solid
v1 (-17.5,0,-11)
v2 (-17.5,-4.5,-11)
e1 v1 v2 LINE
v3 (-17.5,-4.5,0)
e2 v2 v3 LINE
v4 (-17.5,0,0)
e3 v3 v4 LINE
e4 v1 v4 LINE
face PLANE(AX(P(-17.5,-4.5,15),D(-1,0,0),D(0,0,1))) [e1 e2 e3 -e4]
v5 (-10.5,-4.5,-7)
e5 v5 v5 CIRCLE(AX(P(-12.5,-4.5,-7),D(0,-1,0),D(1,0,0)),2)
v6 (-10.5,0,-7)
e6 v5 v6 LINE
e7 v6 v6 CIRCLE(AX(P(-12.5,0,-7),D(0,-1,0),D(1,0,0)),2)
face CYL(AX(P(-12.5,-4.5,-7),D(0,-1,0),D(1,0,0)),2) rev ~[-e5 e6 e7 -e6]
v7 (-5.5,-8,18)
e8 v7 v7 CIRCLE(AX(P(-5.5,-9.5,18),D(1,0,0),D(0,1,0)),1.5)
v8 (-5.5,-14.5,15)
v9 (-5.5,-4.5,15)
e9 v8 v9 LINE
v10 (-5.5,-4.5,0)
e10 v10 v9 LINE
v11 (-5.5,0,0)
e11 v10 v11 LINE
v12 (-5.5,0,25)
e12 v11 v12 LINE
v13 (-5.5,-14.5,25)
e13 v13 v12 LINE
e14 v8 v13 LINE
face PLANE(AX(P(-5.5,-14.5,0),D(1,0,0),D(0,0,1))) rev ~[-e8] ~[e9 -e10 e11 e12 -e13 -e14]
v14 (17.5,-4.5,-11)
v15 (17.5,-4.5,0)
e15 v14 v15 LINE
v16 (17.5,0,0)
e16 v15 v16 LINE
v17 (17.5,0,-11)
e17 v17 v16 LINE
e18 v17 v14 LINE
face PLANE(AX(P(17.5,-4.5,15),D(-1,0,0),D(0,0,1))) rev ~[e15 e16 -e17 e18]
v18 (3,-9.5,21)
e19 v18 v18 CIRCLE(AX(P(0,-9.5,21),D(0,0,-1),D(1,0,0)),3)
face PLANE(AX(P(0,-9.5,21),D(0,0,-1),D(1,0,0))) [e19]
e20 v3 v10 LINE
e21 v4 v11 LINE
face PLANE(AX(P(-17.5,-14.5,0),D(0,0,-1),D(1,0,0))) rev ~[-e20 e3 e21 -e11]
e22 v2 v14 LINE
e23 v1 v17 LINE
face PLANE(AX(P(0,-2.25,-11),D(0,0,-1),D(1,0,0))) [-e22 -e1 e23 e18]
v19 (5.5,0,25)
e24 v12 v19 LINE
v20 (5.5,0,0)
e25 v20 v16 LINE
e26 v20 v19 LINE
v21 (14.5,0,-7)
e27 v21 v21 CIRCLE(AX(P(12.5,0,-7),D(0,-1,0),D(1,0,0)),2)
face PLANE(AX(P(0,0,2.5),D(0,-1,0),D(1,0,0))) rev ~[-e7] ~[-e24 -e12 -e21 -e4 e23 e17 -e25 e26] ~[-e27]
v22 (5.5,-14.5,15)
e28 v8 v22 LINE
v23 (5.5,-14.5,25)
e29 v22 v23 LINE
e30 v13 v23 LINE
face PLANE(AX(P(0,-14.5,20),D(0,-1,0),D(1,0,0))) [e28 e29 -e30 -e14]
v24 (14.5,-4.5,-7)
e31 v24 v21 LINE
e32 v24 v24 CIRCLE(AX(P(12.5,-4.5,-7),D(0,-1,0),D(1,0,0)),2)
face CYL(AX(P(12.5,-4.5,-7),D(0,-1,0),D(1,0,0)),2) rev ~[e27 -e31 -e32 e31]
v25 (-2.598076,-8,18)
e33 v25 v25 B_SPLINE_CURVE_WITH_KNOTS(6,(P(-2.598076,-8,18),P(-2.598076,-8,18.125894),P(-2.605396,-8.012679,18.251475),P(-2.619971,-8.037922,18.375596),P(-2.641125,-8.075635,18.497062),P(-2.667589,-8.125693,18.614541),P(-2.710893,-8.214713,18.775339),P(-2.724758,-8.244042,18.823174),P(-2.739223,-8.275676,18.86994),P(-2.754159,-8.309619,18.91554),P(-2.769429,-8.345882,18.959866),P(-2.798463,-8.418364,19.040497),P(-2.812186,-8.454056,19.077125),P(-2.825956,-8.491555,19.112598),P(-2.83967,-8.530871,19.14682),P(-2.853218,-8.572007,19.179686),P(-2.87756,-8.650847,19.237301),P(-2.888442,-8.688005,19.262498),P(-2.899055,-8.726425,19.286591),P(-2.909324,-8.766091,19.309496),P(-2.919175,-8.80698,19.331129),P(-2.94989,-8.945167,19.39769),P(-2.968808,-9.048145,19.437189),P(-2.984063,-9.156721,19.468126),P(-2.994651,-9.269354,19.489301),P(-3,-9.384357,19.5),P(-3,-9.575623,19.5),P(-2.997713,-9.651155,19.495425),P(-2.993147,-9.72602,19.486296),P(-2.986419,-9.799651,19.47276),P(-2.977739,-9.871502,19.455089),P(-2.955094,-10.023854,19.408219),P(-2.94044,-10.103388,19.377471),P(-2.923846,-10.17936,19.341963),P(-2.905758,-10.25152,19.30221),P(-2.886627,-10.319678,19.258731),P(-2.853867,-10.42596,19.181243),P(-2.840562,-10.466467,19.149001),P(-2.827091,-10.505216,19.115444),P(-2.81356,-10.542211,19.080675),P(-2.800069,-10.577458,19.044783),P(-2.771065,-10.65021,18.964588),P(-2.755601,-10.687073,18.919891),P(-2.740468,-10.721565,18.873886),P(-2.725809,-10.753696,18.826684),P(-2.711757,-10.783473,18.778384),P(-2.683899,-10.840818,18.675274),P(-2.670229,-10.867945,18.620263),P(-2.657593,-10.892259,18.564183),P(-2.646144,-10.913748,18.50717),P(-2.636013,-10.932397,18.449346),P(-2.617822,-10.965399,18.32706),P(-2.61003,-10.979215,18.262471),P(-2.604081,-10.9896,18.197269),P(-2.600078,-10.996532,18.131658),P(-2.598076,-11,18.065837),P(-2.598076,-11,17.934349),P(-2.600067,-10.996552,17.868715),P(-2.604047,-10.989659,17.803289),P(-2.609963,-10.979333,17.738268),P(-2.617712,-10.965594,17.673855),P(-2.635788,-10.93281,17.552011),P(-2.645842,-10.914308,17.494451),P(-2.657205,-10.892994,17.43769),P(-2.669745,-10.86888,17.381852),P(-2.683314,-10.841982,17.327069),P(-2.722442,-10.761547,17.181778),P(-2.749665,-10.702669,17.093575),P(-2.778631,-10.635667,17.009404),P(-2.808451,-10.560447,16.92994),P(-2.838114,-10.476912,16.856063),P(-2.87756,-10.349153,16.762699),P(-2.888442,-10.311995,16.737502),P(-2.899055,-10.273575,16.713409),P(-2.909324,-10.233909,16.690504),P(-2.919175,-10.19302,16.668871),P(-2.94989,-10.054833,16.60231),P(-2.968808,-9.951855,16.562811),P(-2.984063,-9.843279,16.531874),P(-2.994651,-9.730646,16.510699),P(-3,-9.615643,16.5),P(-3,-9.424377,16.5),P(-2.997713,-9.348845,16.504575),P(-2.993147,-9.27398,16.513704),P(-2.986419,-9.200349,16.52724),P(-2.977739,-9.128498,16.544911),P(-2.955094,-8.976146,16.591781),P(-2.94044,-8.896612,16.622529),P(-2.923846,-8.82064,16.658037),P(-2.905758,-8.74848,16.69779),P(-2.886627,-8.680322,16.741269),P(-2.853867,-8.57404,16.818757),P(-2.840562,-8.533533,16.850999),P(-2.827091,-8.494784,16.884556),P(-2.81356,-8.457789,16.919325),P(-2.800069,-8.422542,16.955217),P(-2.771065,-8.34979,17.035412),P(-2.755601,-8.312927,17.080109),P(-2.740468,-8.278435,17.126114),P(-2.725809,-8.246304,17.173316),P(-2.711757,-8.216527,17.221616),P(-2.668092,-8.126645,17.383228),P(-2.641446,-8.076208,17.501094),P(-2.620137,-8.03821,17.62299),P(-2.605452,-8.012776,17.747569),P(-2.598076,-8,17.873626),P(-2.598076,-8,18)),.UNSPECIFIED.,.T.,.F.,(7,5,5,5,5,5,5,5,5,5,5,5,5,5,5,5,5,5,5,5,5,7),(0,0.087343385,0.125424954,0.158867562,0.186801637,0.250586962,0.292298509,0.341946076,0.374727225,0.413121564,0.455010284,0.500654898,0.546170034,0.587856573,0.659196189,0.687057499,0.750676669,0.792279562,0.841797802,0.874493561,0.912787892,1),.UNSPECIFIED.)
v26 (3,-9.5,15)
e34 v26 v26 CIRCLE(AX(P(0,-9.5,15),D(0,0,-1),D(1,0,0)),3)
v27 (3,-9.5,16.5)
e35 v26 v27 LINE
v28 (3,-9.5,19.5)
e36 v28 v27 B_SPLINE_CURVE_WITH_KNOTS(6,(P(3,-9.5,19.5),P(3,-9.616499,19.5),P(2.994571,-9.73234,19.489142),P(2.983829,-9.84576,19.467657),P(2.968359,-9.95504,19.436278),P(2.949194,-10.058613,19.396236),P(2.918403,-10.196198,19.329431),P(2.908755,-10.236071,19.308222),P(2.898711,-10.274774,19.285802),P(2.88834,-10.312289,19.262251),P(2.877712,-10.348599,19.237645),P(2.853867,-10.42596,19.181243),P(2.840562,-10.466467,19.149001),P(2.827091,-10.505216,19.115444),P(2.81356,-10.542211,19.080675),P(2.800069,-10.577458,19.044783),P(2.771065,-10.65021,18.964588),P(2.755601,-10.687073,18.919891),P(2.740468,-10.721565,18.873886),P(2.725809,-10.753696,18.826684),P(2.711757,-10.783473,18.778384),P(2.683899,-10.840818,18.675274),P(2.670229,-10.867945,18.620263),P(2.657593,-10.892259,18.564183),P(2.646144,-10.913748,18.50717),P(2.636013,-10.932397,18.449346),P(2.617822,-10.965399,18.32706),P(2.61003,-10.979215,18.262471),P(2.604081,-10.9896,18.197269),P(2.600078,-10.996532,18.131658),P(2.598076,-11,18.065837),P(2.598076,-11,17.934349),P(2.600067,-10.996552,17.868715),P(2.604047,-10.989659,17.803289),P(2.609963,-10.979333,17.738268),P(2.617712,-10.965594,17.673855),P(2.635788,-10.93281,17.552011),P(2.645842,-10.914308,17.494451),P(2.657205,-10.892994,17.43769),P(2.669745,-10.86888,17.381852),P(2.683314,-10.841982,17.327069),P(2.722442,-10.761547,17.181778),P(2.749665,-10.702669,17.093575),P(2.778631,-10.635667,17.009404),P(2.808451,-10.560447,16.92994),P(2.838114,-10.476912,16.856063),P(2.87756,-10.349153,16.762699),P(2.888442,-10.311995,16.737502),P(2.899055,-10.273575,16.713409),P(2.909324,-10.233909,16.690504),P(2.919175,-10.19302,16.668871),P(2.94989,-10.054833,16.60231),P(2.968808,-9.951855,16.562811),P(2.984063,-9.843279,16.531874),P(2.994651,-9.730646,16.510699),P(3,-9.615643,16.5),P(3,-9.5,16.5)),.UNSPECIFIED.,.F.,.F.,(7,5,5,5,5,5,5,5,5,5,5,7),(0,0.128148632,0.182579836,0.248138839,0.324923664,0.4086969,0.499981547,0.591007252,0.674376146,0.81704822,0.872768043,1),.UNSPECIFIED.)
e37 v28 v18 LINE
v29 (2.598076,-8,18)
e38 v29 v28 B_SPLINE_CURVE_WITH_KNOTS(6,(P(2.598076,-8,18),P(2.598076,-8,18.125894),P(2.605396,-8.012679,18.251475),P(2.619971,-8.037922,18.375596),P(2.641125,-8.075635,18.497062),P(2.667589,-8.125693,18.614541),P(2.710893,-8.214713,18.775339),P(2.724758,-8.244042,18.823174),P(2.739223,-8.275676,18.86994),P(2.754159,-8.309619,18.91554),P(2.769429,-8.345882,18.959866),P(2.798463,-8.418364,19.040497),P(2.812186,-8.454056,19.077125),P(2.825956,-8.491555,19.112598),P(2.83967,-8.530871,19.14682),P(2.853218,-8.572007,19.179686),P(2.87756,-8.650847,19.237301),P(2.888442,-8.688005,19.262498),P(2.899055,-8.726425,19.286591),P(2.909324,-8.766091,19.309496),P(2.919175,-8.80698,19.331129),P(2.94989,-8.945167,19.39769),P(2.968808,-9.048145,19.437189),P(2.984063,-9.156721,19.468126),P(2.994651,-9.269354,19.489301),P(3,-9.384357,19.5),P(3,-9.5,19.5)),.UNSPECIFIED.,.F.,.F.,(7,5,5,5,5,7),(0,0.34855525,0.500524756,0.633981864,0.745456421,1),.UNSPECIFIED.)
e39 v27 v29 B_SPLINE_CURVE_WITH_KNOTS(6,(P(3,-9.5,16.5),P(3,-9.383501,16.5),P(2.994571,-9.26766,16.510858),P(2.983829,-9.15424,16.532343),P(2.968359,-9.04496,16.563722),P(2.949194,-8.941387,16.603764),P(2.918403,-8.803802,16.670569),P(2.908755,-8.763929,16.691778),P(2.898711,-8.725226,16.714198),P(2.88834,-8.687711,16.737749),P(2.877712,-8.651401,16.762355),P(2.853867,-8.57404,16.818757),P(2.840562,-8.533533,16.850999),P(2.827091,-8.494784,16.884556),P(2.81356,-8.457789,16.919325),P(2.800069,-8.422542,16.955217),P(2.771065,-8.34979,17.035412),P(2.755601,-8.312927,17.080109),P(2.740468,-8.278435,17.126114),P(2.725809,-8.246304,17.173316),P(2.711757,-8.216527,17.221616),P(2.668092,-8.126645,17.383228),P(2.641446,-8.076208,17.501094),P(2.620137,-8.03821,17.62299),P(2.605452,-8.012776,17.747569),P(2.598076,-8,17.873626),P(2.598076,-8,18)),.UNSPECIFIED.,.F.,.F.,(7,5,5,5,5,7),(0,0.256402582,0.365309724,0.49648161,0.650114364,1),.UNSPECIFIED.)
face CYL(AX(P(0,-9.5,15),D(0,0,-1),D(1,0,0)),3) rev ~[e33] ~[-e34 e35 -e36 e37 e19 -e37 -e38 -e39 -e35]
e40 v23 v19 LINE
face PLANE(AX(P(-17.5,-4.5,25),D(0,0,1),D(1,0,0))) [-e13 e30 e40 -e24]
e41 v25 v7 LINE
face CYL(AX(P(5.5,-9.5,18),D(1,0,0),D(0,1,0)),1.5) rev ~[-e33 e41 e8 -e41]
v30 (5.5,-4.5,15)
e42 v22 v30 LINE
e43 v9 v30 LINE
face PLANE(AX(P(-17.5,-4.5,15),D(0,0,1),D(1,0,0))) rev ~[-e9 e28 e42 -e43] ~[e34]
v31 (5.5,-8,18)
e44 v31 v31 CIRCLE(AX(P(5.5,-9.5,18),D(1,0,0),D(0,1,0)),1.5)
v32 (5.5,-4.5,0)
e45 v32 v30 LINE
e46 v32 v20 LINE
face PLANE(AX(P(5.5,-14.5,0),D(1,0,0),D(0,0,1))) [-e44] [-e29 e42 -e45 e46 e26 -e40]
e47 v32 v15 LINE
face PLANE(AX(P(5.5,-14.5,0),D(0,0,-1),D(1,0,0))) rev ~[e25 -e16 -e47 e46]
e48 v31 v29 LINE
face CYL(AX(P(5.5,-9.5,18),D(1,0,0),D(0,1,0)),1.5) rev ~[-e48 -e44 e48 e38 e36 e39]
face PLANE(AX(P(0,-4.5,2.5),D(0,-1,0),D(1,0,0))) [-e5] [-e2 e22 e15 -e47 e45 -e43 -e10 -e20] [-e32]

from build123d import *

# Parameters (mm, degrees)
F0_W      = 35
F0_H      = 45
F1_DEPTH  = 4.5
F2_R      = 2
F3_DEPTH  = 10
F4_W      = 35
F4_H      = 10
F5_DEPTH  = 10
F6_R      = 3
F7_DEPTH  = 6
F8_W      = 35
F8_H      = 4.5
F9_DEPTH  = 2
F10_W     = 12
F10_H     = 25
F11_DEPTH = 14.501
F12_R     = 1.5
F13_DEPTH = 23.001
F14_W     = 35
F14_H     = 6
F15_DEPTH = 4.501
F16_W     = 35
F16_H     = 4.5
F17_DEPTH = 1


with BuildPart() as f1:
    # F0 (on Front) → F1 (new body)
    with BuildSketch(Plane.XZ):
        with Locations((0, 2.5)):
            Rectangle(F0_W, F0_H)
    extrude(amount=F1_DEPTH)

    # F2 (on face) → F3 (cut)
    with BuildSketch(Plane.XZ.offset(4.5)):
        with Locations((12.5, -15)):
            Circle(F2_R)
        with Locations((-12.5, -15)):
            Circle(F2_R)
        with Locations((-12.5, -7)):
            Circle(F2_R)
        with Locations((12.5, -7)):
            Circle(F2_R)
    extrude(amount=-F3_DEPTH, mode=Mode.SUBTRACT)

    # F4 (on face) → F5 (join)
    with BuildSketch(Plane.XZ.offset(4.5)):
        with Locations((0, 20)):
            Rectangle(F4_W, F4_H)
    extrude(amount=F5_DEPTH)

    # F6 (on face) → F7 (cut)
    with BuildSketch(Plane(origin=(0, 0, 15), x_dir=(1, 0, 0), z_dir=(0, 0, -1))):
        with Locations((0, 9.5)):
            Circle(F6_R)
    extrude(amount=-F7_DEPTH, mode=Mode.SUBTRACT)

    # F8 (on face) → F9 (cut)
    with BuildSketch(Plane(origin=(0, 0, -20), x_dir=(1, 0, 0), z_dir=(0, 0, -1))):
        with Locations((0, 2.25)):
            Rectangle(F8_W, F8_H)
    extrude(amount=-F9_DEPTH, mode=Mode.SUBTRACT)

    # F10 (on face) → F11 (cut, through all)
    with BuildSketch(Plane.XZ.offset(14.5)):
        with Locations((-11.5, 12.5)):
            Rectangle(F10_W, F10_H)
        with Locations((11.5, 12.5)):
            Rectangle(F10_W, F10_H)
    extrude(amount=-F11_DEPTH, mode=Mode.SUBTRACT)

    # F12 (on face) → F13 (cut, through all)
    with BuildSketch(Plane.YZ.offset(5.5)):
        with Locations((-9.5, 18)):
            Circle(F12_R)
    extrude(amount=-F13_DEPTH, mode=Mode.SUBTRACT)

    # F14 (on face) → F15 (cut, through all)
    with BuildSketch(Plane.XZ.offset(4.5)):
        with Locations((0, -15)):
            Rectangle(F14_W, F14_H)
    extrude(amount=-F15_DEPTH, mode=Mode.SUBTRACT)

    # F16 (on face) → F17 (cut)
    with BuildSketch(Plane(origin=(0, 0, -12), x_dir=(1, 0, 0), z_dir=(0, 0, -1))):
        with Locations((0, 2.25)):
            Rectangle(F16_W, F16_H)
    extrude(amount=-F17_DEPTH, mode=Mode.SUBTRACT)


solid = f1.part
